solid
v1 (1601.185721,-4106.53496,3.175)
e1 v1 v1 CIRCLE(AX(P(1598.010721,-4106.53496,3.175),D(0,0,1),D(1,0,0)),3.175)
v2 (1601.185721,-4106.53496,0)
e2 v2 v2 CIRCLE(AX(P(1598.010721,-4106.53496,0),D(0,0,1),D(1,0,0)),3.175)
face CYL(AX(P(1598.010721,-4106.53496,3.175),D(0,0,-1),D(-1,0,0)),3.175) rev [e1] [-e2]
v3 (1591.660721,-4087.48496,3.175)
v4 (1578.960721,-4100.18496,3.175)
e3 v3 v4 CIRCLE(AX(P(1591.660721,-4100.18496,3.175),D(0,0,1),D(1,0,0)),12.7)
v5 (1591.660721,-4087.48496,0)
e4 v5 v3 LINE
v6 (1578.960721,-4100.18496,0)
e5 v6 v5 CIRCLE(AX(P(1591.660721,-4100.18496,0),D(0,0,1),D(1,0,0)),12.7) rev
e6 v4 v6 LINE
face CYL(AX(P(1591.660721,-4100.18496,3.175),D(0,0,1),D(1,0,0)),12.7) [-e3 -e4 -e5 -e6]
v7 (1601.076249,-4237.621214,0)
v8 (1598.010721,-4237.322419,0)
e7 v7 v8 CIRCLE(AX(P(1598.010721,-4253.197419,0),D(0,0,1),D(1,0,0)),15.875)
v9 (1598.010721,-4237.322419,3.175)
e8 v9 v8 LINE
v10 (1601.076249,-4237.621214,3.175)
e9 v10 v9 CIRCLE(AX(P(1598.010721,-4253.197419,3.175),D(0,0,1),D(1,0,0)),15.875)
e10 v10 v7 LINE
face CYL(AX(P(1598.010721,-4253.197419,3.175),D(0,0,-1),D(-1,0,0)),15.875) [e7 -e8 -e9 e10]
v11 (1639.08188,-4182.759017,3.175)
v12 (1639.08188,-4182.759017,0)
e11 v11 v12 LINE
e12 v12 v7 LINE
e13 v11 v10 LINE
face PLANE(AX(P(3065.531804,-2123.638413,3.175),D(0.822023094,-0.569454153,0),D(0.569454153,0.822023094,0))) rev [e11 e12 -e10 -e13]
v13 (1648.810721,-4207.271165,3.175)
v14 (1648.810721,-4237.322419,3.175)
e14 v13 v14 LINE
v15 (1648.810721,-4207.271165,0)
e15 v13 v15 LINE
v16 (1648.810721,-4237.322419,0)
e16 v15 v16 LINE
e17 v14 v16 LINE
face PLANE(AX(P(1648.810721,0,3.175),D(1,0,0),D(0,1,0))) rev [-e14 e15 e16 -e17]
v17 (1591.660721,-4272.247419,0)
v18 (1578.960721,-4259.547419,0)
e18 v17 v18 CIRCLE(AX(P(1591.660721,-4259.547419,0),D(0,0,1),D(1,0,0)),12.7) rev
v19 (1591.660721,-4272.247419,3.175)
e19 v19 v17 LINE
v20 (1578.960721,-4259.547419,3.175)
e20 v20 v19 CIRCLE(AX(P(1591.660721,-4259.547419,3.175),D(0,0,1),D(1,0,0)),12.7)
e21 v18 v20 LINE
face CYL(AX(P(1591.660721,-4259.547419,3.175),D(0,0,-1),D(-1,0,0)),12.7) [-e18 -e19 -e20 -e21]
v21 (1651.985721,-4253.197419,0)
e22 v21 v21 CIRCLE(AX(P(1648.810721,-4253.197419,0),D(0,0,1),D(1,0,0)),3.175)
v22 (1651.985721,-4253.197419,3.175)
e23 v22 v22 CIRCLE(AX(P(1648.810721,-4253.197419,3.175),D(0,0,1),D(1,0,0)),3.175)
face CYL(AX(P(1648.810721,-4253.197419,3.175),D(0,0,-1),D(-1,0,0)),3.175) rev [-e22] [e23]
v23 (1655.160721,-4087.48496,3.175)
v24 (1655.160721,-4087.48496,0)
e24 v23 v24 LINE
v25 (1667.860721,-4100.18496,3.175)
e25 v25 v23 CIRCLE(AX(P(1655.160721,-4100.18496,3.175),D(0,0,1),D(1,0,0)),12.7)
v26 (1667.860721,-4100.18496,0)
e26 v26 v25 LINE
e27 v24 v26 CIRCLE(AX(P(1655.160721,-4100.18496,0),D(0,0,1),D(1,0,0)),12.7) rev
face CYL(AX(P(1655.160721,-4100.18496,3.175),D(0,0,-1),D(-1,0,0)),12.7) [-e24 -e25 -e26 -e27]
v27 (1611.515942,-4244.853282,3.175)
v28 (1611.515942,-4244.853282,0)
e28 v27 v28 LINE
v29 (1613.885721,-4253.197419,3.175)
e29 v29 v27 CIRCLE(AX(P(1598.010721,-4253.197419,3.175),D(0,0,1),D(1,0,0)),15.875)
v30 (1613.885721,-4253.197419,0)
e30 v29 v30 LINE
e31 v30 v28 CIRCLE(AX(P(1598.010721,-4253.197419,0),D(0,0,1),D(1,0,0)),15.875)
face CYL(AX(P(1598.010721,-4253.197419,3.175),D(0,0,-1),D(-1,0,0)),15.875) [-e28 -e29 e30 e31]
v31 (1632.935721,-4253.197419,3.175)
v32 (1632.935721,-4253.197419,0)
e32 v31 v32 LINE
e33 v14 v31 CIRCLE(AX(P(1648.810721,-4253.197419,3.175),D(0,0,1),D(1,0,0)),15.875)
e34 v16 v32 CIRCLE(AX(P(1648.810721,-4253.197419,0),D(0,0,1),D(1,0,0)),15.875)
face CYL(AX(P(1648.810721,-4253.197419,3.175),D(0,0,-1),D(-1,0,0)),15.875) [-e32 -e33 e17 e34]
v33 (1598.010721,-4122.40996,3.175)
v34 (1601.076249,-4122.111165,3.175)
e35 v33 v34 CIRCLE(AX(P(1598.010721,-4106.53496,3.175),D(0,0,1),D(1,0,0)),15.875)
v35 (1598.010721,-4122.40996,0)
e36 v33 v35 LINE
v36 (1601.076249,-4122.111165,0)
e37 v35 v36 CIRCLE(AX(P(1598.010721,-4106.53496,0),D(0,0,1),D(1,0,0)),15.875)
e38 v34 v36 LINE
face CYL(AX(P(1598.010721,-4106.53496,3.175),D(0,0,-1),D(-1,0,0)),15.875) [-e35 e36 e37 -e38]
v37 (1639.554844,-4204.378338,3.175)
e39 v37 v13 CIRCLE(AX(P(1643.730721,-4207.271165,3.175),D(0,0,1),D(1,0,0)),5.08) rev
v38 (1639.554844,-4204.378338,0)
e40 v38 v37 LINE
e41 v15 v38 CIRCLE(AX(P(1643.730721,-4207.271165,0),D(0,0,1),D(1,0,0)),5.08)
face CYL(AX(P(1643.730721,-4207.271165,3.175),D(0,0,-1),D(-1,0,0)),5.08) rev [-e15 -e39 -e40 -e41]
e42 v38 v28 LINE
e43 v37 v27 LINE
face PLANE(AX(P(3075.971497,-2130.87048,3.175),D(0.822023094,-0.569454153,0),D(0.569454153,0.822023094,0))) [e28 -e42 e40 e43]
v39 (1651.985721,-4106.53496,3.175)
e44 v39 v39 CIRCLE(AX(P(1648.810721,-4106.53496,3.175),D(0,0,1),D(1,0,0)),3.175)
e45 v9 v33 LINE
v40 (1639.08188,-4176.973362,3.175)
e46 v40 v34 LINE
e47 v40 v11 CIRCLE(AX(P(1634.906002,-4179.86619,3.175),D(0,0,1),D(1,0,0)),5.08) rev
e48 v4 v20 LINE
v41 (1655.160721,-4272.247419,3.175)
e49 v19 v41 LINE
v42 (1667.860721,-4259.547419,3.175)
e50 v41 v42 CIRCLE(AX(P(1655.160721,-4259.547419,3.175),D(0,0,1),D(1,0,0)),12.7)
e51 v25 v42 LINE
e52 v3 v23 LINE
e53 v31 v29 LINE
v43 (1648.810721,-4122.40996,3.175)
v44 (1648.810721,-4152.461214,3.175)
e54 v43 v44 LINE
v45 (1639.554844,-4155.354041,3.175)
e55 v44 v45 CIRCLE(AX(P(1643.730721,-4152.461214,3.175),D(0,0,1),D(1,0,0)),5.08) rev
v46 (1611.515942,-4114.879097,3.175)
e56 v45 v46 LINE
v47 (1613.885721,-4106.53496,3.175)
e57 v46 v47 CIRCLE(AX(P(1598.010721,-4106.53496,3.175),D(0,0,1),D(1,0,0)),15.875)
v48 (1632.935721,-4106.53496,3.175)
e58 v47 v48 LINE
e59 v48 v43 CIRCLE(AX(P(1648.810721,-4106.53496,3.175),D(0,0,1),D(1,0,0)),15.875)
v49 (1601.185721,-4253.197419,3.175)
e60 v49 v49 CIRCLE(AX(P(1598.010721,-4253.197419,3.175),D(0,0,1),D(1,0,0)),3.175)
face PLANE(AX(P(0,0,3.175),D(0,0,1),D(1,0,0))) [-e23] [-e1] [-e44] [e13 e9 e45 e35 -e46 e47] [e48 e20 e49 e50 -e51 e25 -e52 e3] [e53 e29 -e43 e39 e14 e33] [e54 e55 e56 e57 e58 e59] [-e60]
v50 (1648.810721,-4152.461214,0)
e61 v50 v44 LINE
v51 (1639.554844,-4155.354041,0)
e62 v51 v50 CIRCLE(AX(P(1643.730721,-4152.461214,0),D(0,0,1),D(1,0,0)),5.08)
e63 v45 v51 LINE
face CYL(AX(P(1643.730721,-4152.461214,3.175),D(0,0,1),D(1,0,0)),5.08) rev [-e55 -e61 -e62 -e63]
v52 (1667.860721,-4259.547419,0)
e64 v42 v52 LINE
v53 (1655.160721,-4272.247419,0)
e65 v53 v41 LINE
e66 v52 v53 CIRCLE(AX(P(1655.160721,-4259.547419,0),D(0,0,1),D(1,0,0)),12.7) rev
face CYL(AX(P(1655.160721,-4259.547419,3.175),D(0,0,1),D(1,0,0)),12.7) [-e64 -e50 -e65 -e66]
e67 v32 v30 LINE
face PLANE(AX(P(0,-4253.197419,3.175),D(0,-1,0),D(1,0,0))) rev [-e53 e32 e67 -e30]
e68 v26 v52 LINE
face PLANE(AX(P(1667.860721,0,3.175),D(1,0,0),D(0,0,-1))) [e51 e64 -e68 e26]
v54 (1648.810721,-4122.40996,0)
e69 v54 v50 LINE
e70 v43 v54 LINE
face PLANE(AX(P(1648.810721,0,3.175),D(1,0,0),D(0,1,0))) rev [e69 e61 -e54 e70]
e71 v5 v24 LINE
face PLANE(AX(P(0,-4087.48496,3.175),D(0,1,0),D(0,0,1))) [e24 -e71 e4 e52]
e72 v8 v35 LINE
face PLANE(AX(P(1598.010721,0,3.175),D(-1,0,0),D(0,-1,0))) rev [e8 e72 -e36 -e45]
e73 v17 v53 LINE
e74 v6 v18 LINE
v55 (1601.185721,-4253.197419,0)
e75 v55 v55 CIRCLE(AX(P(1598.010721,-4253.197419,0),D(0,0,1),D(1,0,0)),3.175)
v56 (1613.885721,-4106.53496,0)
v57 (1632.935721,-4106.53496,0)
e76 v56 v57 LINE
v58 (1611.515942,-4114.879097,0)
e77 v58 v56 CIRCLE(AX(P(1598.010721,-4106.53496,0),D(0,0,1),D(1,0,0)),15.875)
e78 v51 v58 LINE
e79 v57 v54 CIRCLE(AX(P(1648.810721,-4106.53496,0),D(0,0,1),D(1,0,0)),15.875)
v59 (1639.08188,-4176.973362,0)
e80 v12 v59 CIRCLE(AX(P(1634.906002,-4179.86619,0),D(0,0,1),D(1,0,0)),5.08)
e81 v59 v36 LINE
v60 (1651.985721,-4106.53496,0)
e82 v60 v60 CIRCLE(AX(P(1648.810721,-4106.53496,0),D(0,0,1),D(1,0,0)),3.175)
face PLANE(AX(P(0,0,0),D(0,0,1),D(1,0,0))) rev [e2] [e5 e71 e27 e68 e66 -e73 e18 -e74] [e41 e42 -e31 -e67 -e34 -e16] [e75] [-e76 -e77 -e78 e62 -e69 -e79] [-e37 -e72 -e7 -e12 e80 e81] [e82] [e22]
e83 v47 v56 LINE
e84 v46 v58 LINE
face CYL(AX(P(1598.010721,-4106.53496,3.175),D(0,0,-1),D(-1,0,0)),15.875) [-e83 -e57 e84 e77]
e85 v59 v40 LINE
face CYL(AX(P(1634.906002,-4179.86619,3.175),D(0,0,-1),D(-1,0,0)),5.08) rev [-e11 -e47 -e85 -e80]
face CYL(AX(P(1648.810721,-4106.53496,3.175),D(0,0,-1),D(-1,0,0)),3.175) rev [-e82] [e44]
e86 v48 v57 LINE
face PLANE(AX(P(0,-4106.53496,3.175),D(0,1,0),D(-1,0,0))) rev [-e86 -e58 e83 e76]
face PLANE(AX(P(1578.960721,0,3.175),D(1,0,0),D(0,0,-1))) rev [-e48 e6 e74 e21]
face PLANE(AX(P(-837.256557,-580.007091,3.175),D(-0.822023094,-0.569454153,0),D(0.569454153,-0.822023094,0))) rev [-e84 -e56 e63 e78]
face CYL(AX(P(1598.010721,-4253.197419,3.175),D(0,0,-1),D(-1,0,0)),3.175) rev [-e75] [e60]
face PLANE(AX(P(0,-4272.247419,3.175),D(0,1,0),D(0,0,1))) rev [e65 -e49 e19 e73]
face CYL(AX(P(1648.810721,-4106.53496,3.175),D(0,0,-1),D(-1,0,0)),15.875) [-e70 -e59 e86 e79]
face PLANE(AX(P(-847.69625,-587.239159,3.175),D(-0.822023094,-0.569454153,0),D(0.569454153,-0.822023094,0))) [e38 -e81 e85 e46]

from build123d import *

# Parameters (mm, degrees)
SKETCH1_W           = 88.9
SKETCH1_H           = 184.762458854
SKETCH1_R           = 3.175
BOSS_EXTRUDE1_DEPTH = 3.175
FILLET1_R           = 5.08
FILLET2_R           = 12.7


with BuildPart() as part:
    # Sketch1 → Boss-Extrude1 (new body)
    with BuildSketch(Plane.XY):
        with Locations((1623.410721097, -4179.866189559)):
            Rectangle(SKETCH1_W, SKETCH1_H)
        with Locations((1598.010721097, -4106.534960132)):
            Circle(SKETCH1_R, mode=Mode.SUBTRACT)
        with BuildLine():
            Line((1648.810721097, -4168.715160172), (1611.515942217, -4114.879097445))
            ThreePointArc((1611.515942217, -4114.879097445), (1613.281788681, -4110.872023639), (1613.885721097, -4106.534960132))
            Line((1613.885721097, -4106.534960132), (1632.935721097, -4106.534960132))
            ThreePointArc((1632.935721097, -4106.534960132), (1637.585400946, -4117.760280283), (1648.810721097, -4122.409960132))
            Line((1648.810721097, -4122.409960132), (1648.810721097, -4168.715160172))
        make_face(mode=Mode.SUBTRACT)
        with BuildLine():
            ThreePointArc((1598.010721097, -4122.409960132), (1599.550748635, -4122.335084821), (1601.076248923, -4122.111165194))
            Line((1601.076248923, -4122.111165194), (1641.085877299, -4179.866189559))
            Line((1641.085877299, -4179.866189559), (1601.076248923, -4237.621213923))
            ThreePointArc((1601.076248923, -4237.621213923), (1599.550748635, -4237.397294297), (1598.010721097, -4237.322418986))
            Line((1598.010721097, -4237.322418986), (1598.010721097, -4122.409960132))
        make_face(mode=Mode.SUBTRACT)
        with BuildLine():
            ThreePointArc((1613.885721097, -4253.197418986), (1613.281788681, -4248.860355479), (1611.515942217, -4244.853281672))
            Line((1611.515942217, -4244.853281672), (1648.810721097, -4191.017218946))
            Line((1648.810721097, -4191.017218946), (1648.810721097, -4237.322418986))
            ThreePointArc((1648.810721097, -4237.322418986), (1637.585400946, -4241.972098834), (1632.935721097, -4253.197418986))
            Line((1632.935721097, -4253.197418986), (1613.885721097, -4253.197418986))
        make_face(mode=Mode.SUBTRACT)
        with Locations((1598.010721097, -4253.197418986)):
            Circle(SKETCH1_R, mode=Mode.SUBTRACT)
        with Locations((1648.810721097, -4106.534960132)):
            Circle(SKETCH1_R, mode=Mode.SUBTRACT)
        with Locations((1648.810721097, -4253.197418986)):
            Circle(SKETCH1_R, mode=Mode.SUBTRACT)
    extrude(amount=BOSS_EXTRUDE1_DEPTH)

    # Fillet1
    fillet1_edges = [part.edges().sort_by_distance(p)[0] for p in [
        (1648.810721097, -4191.017218946, 1.5875),
        (1641.085877299, -4179.866189559, 1.5875),
        (1648.810721097, -4168.715160172, 1.5875),
    ]]
    fillet(fillet1_edges, radius=FILLET1_R)

    # Fillet2
    fillet2_edges = [part.edges().sort_by_distance(p)[0] for p in [
        (1667.860721097, -4272.247418986, 1.5875),
        (1578.960721097, -4272.247418986, 1.5875),
        (1578.960721097, -4087.484960132, 1.5875),
        (1667.860721097, -4087.484960132, 1.5875),
    ]]
    fillet(fillet2_edges, radius=FILLET2_R)


solid = part.part
